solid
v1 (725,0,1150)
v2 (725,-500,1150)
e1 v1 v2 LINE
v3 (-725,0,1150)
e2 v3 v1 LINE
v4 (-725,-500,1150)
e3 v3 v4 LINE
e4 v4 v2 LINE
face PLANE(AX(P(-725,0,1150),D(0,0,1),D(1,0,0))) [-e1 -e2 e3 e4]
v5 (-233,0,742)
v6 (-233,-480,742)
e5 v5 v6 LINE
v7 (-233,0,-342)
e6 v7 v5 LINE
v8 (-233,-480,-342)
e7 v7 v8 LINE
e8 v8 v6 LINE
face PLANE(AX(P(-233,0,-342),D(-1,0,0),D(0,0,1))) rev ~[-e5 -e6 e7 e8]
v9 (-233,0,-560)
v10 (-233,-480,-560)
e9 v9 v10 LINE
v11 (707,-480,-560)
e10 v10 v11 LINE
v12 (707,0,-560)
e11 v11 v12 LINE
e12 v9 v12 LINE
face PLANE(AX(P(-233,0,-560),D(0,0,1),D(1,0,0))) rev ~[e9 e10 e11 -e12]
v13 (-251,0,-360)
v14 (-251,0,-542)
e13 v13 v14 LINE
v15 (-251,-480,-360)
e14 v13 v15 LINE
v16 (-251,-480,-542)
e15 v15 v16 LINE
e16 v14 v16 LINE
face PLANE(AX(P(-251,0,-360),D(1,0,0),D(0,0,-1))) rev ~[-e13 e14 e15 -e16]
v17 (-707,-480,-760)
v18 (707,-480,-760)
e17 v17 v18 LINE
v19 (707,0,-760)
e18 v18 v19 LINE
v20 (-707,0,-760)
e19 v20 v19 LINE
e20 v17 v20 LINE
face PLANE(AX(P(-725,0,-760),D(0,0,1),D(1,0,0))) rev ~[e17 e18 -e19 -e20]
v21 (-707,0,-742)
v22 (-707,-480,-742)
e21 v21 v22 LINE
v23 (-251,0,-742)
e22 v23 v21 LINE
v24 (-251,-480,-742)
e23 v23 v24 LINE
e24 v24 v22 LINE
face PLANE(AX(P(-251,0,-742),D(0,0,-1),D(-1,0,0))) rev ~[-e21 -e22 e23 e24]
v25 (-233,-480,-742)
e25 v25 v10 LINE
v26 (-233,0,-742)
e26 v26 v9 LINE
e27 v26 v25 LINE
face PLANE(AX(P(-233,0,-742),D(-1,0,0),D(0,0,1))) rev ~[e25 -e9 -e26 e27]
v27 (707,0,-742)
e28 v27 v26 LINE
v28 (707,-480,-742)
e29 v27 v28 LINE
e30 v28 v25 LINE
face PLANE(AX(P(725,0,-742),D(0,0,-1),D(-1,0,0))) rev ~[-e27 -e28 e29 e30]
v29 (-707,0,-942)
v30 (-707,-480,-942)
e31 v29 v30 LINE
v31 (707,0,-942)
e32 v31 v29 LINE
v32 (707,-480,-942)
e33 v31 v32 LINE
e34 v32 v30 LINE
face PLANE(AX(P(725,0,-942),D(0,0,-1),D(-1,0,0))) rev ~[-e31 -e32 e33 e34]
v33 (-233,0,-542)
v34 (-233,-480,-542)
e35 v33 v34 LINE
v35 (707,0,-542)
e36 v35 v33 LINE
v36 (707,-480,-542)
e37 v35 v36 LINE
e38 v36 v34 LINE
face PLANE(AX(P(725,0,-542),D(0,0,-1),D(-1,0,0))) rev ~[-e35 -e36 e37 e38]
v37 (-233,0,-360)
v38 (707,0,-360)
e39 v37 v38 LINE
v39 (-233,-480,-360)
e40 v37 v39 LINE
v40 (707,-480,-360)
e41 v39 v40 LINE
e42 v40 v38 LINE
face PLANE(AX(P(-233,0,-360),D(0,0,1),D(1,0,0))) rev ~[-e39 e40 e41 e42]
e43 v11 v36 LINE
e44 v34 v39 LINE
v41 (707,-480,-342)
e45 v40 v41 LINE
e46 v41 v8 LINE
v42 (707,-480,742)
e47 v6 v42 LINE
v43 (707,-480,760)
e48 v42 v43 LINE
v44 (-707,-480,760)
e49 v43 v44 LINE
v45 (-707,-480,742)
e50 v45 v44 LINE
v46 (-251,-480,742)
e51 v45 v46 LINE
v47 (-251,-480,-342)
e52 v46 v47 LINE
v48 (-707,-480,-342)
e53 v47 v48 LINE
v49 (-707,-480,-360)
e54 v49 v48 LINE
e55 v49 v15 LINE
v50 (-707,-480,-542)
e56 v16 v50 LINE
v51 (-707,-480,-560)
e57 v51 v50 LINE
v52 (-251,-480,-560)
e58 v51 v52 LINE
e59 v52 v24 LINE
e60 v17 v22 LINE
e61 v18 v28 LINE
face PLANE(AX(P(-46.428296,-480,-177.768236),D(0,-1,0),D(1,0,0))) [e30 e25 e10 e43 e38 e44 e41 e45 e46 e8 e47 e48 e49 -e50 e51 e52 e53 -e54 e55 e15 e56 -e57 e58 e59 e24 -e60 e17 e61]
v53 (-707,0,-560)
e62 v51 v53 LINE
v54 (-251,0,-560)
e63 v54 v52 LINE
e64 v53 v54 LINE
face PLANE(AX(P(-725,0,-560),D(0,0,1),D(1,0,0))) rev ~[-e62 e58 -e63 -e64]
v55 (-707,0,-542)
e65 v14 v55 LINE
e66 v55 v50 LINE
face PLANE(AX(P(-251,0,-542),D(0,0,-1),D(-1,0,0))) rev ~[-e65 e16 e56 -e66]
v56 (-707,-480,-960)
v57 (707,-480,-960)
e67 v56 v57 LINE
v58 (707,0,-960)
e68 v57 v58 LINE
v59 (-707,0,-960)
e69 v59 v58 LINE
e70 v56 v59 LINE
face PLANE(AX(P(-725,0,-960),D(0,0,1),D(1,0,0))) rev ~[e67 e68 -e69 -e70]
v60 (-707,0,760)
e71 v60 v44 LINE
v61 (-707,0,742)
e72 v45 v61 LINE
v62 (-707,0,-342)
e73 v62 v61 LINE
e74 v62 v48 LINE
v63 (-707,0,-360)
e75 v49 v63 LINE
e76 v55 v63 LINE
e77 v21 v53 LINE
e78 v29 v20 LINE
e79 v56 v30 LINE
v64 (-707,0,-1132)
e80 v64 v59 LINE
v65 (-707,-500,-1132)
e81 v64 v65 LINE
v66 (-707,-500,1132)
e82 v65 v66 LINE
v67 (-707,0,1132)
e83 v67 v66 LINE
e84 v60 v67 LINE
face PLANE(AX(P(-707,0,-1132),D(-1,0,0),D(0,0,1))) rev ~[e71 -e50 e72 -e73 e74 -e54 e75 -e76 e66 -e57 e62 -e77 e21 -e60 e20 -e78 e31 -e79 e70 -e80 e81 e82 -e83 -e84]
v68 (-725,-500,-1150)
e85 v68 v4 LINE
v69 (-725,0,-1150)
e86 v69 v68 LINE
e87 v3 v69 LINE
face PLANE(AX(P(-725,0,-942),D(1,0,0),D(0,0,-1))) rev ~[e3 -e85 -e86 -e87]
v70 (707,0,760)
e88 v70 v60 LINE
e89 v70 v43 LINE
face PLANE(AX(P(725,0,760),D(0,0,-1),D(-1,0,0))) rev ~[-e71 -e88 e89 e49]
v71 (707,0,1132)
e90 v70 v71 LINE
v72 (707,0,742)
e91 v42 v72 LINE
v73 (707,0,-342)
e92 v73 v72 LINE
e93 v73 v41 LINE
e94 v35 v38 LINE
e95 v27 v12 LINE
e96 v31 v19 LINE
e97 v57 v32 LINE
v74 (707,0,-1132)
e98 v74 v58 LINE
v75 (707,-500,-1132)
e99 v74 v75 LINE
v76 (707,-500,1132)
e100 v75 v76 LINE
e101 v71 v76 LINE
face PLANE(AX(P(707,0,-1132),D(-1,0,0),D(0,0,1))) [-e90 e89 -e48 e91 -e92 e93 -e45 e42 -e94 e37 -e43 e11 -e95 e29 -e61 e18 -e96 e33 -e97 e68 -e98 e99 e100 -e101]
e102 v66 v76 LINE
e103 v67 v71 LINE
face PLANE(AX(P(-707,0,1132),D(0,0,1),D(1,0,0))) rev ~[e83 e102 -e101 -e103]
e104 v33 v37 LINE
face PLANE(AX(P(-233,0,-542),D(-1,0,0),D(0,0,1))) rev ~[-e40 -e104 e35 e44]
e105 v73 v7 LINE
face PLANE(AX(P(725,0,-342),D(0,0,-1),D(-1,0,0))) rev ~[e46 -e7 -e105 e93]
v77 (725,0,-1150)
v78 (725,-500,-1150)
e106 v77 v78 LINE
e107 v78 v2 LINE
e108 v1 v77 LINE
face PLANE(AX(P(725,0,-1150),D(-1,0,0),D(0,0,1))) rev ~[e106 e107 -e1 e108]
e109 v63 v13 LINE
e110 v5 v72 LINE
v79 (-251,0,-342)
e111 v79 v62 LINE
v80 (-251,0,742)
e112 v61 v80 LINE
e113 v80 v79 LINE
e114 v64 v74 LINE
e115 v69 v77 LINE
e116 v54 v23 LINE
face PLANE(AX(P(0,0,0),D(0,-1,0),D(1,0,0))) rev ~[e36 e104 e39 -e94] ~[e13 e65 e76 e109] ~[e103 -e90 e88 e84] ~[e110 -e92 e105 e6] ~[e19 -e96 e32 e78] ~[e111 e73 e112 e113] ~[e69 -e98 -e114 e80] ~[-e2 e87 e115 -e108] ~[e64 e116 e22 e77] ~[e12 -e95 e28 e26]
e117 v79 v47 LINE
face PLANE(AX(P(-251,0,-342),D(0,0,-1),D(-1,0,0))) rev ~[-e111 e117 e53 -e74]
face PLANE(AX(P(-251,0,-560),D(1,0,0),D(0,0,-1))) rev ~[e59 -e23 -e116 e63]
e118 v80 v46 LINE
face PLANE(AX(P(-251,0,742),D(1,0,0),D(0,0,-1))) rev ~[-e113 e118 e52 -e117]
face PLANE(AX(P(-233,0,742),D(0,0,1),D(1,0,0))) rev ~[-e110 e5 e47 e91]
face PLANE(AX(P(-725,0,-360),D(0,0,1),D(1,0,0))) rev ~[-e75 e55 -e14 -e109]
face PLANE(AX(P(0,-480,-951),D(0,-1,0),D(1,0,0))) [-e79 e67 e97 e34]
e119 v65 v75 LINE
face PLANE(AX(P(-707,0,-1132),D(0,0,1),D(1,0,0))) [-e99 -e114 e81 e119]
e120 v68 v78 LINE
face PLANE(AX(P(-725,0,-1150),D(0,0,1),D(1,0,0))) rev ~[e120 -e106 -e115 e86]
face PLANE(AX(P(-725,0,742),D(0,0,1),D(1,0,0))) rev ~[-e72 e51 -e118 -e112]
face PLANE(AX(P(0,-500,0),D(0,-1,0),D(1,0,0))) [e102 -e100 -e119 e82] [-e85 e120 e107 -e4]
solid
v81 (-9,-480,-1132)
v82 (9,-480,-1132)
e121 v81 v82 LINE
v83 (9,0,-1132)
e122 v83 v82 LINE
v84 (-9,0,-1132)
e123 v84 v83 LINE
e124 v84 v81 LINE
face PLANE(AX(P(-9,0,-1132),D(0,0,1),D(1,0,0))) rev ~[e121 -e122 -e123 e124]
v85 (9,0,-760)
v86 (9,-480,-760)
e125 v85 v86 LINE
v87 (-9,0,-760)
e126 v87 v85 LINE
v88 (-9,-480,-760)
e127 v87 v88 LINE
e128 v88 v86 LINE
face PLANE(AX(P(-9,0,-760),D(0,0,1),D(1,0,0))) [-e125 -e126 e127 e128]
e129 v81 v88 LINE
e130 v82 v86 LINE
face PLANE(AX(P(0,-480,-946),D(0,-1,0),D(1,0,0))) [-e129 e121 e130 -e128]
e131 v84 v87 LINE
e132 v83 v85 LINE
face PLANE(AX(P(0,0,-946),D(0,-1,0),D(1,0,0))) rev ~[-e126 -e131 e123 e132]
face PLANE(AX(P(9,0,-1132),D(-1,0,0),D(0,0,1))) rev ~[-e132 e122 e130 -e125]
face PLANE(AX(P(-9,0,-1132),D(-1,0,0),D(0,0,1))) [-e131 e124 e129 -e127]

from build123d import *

# Parameters (mm, degrees)
F0_W     = 1450
F0_H     = 2300
F1_DEPTH = 500
F2_W     = 1414
F2_H     = 2264
F3_DEPTH = 500
F5_DEPTH = 480
F6_W     = 18
F6_H     = 372
F7_DEPTH = 480


with BuildPart() as f1:
    # F0 (on Front) → F1 (new body)
    with BuildSketch(Plane.XZ):
        Rectangle(F0_W, F0_H)
    extrude(amount=F1_DEPTH)

    # F2 (on face) → F3 (cut)
    with BuildSketch(Plane.XZ):
        Rectangle(F2_W, F2_H)
    extrude(amount=F3_DEPTH, mode=Mode.SUBTRACT)

    # F4 (on face) → F5 (join)
    with BuildSketch(Plane.XZ):
        Polygon((-725, -960), (725, -960), (725, -942), (-233, -942), (-251, -942), (-725, -942), align=None)
        Polygon((-233, -760), (725, -760), (725, -742), (-233, -742), (-233, -560), (725, -560), (725, -542), (-233, -542), (-233, -360), (725, -360), (725, -342), (-233, -342), (-233, 742), (725, 742), (725, 760), (-725, 760), (-725, 742), (-251, 742), (-251, -342), (-725, -342), (-725, -360), (-251, -360), (-251, -542), (-725, -542), (-725, -560), (-251, -560), (-251, -742), (-725, -742), (-725, -760), (-251, -760), align=None)
    extrude(amount=F5_DEPTH)


with BuildPart() as f7:
    # F6 (on face) → F7 (new body)
    with BuildSketch(Plane.XZ):
        with Locations((0, -946)):
            Rectangle(F6_W, F6_H)
    extrude(amount=F7_DEPTH)


solid = Compound([f1.part, f7.part])
